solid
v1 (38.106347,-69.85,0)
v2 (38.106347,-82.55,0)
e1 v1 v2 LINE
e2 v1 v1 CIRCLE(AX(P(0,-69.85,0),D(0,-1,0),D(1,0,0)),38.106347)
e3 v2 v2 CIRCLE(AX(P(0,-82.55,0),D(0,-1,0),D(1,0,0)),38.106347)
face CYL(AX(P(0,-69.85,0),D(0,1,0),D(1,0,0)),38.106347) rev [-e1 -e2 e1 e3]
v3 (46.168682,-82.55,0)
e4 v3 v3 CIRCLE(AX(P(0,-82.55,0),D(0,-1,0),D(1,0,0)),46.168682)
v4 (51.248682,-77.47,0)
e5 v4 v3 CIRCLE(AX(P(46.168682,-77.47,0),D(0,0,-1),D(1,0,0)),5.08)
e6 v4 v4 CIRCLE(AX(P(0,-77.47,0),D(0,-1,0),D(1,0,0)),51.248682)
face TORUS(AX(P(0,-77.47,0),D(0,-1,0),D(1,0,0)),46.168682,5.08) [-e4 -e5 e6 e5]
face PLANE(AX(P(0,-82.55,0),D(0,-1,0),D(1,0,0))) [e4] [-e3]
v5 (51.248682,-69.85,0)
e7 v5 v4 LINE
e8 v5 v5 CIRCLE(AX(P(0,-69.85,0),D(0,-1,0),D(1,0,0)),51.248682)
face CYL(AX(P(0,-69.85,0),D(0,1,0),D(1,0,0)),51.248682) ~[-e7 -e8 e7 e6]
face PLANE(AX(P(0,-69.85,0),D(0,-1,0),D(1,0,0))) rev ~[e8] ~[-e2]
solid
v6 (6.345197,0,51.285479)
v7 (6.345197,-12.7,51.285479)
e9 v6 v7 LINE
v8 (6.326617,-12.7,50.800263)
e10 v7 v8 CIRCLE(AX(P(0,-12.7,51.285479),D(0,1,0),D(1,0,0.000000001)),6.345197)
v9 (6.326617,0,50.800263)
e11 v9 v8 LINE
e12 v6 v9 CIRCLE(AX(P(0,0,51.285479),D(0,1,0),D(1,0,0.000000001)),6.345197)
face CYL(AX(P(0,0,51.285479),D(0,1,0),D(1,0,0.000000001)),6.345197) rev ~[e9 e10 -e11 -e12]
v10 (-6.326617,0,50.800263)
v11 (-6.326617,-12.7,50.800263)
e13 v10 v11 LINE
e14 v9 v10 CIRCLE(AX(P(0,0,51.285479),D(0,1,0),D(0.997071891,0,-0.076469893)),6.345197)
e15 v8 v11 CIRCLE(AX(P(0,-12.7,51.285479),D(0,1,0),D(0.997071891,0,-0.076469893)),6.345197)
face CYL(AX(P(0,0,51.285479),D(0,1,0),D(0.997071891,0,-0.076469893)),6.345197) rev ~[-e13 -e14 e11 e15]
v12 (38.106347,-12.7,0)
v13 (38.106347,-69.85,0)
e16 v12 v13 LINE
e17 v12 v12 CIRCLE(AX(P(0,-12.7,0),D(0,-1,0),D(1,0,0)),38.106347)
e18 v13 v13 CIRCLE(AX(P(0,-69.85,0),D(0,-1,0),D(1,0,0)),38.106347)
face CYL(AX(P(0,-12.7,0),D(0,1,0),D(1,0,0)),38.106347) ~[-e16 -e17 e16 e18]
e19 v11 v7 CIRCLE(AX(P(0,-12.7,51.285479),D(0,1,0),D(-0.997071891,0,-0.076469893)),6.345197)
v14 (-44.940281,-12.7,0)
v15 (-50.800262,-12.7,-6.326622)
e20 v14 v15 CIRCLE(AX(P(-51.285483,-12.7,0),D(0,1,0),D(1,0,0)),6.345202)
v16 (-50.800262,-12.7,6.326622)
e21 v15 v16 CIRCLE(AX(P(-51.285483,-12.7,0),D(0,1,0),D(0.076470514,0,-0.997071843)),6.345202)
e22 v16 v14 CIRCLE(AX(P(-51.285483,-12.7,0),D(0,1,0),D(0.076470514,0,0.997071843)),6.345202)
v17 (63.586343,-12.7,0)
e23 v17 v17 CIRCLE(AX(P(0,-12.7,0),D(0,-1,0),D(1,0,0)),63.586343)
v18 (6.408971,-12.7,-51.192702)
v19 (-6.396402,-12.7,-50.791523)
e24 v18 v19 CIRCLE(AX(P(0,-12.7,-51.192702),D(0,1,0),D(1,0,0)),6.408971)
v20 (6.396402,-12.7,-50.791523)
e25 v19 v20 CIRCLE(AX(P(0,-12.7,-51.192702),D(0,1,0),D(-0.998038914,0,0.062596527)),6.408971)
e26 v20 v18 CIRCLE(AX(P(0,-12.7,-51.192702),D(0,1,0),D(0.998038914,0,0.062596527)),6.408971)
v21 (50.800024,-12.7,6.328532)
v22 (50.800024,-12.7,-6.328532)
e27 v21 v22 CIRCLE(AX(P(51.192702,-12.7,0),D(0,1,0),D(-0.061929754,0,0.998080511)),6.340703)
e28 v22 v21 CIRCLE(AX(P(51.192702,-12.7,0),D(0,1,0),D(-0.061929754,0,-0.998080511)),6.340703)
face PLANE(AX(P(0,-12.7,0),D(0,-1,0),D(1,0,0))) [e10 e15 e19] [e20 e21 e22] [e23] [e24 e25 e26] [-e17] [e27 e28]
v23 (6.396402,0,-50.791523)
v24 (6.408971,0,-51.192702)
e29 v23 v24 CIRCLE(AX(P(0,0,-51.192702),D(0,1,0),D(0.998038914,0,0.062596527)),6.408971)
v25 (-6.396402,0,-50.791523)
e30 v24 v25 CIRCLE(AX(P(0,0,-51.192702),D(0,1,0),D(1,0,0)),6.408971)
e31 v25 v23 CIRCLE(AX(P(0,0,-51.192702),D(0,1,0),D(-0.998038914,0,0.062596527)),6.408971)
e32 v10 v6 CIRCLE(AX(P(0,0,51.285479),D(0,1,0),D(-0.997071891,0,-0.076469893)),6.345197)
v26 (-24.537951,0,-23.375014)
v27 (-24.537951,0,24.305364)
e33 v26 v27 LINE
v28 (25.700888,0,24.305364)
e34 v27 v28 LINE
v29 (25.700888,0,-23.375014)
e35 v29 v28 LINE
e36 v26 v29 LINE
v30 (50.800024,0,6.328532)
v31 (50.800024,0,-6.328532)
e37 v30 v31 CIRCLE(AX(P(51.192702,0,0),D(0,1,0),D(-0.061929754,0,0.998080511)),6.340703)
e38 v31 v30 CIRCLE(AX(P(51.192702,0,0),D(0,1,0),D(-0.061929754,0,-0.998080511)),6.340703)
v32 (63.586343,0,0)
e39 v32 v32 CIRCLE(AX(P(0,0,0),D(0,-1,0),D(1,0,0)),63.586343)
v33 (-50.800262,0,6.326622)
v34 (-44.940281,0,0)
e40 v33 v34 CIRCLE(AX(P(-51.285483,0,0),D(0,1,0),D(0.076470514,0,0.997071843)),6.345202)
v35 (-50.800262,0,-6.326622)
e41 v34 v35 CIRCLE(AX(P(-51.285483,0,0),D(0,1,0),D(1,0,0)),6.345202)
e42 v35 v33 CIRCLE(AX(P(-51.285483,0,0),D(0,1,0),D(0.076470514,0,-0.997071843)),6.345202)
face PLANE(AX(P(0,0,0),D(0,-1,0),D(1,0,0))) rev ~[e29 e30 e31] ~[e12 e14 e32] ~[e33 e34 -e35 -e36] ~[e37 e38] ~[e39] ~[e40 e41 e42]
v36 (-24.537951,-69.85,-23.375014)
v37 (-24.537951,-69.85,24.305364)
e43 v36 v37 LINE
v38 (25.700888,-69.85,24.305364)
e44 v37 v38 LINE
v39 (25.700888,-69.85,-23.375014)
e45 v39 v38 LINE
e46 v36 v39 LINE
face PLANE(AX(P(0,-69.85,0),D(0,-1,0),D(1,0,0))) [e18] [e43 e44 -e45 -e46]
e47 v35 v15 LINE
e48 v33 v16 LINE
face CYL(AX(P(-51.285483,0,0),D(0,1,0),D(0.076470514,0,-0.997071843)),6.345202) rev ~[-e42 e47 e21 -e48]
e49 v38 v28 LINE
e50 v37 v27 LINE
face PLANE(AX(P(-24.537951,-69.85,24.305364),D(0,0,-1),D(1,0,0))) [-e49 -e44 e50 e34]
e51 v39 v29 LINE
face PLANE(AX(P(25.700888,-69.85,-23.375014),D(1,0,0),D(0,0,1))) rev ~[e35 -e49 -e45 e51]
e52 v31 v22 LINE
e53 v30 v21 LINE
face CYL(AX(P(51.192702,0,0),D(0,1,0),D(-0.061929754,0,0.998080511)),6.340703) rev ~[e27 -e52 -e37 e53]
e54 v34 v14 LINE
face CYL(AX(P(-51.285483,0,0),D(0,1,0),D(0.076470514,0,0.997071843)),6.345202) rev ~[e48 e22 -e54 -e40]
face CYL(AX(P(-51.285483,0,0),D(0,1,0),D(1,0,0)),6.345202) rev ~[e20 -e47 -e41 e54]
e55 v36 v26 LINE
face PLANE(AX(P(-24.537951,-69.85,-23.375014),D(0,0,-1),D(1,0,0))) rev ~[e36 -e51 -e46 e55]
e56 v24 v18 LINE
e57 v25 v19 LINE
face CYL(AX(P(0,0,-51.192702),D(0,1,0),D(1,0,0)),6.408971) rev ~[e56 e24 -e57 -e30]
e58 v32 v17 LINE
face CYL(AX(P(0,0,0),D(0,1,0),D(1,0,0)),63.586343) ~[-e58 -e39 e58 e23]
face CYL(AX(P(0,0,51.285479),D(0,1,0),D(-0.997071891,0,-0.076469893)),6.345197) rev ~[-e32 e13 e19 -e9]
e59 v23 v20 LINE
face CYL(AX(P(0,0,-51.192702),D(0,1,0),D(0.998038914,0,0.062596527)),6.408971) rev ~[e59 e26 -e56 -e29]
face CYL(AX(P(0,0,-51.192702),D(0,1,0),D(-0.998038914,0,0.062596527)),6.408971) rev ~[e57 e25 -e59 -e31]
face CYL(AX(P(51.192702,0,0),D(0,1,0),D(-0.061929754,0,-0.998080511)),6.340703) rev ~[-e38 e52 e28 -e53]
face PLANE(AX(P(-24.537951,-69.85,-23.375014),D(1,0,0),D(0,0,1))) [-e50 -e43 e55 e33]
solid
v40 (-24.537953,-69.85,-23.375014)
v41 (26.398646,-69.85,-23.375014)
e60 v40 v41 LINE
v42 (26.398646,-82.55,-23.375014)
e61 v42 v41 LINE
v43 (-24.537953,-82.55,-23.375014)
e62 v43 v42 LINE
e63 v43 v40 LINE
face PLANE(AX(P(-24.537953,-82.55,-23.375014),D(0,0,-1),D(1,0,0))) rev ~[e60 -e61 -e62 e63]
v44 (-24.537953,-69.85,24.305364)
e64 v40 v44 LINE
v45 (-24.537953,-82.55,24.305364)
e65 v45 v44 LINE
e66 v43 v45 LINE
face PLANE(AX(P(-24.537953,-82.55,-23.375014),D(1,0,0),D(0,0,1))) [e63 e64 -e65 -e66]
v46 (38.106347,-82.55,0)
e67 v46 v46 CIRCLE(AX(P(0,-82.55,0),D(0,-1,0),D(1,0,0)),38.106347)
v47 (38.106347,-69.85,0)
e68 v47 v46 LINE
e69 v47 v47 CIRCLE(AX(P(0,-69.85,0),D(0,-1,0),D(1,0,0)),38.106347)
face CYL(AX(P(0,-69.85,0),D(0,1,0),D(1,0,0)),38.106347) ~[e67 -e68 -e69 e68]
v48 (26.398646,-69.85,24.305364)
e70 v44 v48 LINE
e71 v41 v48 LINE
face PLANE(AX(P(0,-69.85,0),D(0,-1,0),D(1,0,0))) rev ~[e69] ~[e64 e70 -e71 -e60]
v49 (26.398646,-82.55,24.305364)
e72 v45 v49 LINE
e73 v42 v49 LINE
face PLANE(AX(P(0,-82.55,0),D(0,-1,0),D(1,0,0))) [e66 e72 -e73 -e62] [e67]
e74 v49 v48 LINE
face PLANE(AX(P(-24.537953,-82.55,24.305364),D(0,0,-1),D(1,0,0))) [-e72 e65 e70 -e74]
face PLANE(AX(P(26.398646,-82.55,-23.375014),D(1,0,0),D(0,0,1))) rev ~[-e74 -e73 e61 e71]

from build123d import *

# Parameters (mm, degrees)
F0_R      = 63.58634276
F1_DEPTH  = 12.7
F2_R      = 38.1063465956
F3_DEPTH  = 57.15
F4_R      = 51.2486821377
F4_R_2    = 38.1063465956
F5_DEPTH  = 12.7
F6_DEPTH  = 12.7
F7_W      = 50.9365983307
F7_H      = 47.6803779602
F8_DEPTH  = 80.518
F9_W      = 50.2388384193
F9_H      = 47.6803779602
F10_DEPTH = 76.2
F11_R     = 5.08


with BuildPart() as f1:
    # F0 (on Front) → F1 (new body)
    with BuildSketch(Plane.XZ):
        Circle(F0_R)
        with BuildLine():
            ThreePointArc((-50.8002620834, -6.3266222589), (-57.6306849484, 0), (-50.8002620834, 6.3266222589))
            ThreePointArc((-50.8002620834, 6.3266222589), (-36.198705237, 36.198708763), (-6.3266173105, 50.8002626996))
            ThreePointArc((-6.3266173105, 50.8002626996), (-0.2427860502, 57.6260293987), (6.3451967395, 51.2854792178))
            ThreePointArc((6.3451967395, 51.2854792178), (6.340550181, 51.0426931676), (6.3266173105, 50.8002626996))
            ThreePointArc((6.3266173105, 50.8002626996), (36.1980247945, 36.1993891927), (50.8000242013, 6.3285320647))
            ThreePointArc((50.8000242013, 6.3285320647), (55.5352050309, 4.6203013939), (57.533405357, 0))
            ThreePointArc((57.533405357, 0), (55.5352050309, -4.6203013939), (50.8000242013, -6.3285320647))
            ThreePointArc((50.8000242013, -6.3285320647), (36.2228821576, -36.1745156863), (6.3964022479, -50.7915230647))
            ThreePointArc((6.3964022479, -50.7915230647), (6.4058278822, -50.9920143065), (6.4089707878, -51.1927023798))
            ThreePointArc((6.4089707878, -51.1927023798), (-0.2006880733, -57.598530262), (-6.3964022479, -50.7915230647))
            ThreePointArc((-6.3964022479, -50.7915230647), (-36.2235621326, -36.1738347894), (-50.8002620834, -6.3266222589))
        make_face(mode=Mode.SUBTRACT)
        with BuildLine():
            ThreePointArc((-50.8002620834, 6.3266222589), (-46.6303560457, 4.3117724961), (-44.9402809377, 0))
            ThreePointArc((-44.9402809377, 0), (-46.6303560457, -4.3117724961), (-50.8002620834, -6.3266222589))
            ThreePointArc((-50.8002620834, -6.3266222589), (-36.2235621326, -36.1738347894), (-6.3964022479, -50.7915230647))
            ThreePointArc((-6.3964022479, -50.7915230647), (0, -44.7837315919), (6.3964022479, -50.7915230647))
            ThreePointArc((6.3964022479, -50.7915230647), (36.2228821576, -36.1745156863), (50.8000242013, -6.3285320647))
            ThreePointArc((50.8000242013, -6.3285320647), (44.8519994025, 0), (50.8000242013, 6.3285320647))
            ThreePointArc((50.8000242013, 6.3285320647), (36.1980247945, 36.1993891927), (6.3266173105, 50.8002626996))
            ThreePointArc((6.3266173105, 50.8002626996), (0, 44.9402824782), (-6.3266173105, 50.8002626996))
            ThreePointArc((-6.3266173105, 50.8002626996), (-36.198705237, 36.198708763), (-50.8002620834, 6.3266222589))
        make_face()
    extrude(amount=F1_DEPTH)

    # F2 (on face) → F3 (join)
    with BuildSketch(Plane.XZ.offset(12.7)):
        Circle(F2_R)
    extrude(amount=F3_DEPTH)


with BuildPart() as f5:
    # F4 (on face) → F5 (new body)
    with BuildSketch(Plane.XZ.offset(69.85)):
        Circle(F4_R)
        Circle(F4_R_2, mode=Mode.SUBTRACT)
    extrude(amount=F5_DEPTH)

    # F11
    f11_edges = [f5.edges().sort_by_distance(p)[0] for p in [
        (-51.248682, -82.55, 0),
    ]]
    fillet(f11_edges, radius=F11_R)


with BuildPart() as f6:
    # F6 (new): a face of the model
    f6_faces = [f1.part.faces().sort_by_distance(p)[0] for p in [
        (0, -69.85, 0),
    ]]
    extrude(f6_faces, amount=F6_DEPTH)

    # F7 (on face) → F8 (cut)
    with BuildSketch(Plane.XZ.offset(82.55)):
        with Locations((0.9303465486, 0.4651751369)):
            Rectangle(F7_W, F7_H)
    extrude(amount=-F8_DEPTH, mode=Mode.SUBTRACT)


with BuildPart() as f1_1:
    add(f1.part)

    # F9 (on face) → F10 (cut)
    with BuildSketch(Plane.XZ.offset(69.85)):
        with Locations((0.5814684555, 0.4651751369)):
            Rectangle(F9_W, F9_H)
    extrude(amount=-F10_DEPTH, mode=Mode.SUBTRACT)


solid = Compound([f5.part, f6.part, f1_1.part])
